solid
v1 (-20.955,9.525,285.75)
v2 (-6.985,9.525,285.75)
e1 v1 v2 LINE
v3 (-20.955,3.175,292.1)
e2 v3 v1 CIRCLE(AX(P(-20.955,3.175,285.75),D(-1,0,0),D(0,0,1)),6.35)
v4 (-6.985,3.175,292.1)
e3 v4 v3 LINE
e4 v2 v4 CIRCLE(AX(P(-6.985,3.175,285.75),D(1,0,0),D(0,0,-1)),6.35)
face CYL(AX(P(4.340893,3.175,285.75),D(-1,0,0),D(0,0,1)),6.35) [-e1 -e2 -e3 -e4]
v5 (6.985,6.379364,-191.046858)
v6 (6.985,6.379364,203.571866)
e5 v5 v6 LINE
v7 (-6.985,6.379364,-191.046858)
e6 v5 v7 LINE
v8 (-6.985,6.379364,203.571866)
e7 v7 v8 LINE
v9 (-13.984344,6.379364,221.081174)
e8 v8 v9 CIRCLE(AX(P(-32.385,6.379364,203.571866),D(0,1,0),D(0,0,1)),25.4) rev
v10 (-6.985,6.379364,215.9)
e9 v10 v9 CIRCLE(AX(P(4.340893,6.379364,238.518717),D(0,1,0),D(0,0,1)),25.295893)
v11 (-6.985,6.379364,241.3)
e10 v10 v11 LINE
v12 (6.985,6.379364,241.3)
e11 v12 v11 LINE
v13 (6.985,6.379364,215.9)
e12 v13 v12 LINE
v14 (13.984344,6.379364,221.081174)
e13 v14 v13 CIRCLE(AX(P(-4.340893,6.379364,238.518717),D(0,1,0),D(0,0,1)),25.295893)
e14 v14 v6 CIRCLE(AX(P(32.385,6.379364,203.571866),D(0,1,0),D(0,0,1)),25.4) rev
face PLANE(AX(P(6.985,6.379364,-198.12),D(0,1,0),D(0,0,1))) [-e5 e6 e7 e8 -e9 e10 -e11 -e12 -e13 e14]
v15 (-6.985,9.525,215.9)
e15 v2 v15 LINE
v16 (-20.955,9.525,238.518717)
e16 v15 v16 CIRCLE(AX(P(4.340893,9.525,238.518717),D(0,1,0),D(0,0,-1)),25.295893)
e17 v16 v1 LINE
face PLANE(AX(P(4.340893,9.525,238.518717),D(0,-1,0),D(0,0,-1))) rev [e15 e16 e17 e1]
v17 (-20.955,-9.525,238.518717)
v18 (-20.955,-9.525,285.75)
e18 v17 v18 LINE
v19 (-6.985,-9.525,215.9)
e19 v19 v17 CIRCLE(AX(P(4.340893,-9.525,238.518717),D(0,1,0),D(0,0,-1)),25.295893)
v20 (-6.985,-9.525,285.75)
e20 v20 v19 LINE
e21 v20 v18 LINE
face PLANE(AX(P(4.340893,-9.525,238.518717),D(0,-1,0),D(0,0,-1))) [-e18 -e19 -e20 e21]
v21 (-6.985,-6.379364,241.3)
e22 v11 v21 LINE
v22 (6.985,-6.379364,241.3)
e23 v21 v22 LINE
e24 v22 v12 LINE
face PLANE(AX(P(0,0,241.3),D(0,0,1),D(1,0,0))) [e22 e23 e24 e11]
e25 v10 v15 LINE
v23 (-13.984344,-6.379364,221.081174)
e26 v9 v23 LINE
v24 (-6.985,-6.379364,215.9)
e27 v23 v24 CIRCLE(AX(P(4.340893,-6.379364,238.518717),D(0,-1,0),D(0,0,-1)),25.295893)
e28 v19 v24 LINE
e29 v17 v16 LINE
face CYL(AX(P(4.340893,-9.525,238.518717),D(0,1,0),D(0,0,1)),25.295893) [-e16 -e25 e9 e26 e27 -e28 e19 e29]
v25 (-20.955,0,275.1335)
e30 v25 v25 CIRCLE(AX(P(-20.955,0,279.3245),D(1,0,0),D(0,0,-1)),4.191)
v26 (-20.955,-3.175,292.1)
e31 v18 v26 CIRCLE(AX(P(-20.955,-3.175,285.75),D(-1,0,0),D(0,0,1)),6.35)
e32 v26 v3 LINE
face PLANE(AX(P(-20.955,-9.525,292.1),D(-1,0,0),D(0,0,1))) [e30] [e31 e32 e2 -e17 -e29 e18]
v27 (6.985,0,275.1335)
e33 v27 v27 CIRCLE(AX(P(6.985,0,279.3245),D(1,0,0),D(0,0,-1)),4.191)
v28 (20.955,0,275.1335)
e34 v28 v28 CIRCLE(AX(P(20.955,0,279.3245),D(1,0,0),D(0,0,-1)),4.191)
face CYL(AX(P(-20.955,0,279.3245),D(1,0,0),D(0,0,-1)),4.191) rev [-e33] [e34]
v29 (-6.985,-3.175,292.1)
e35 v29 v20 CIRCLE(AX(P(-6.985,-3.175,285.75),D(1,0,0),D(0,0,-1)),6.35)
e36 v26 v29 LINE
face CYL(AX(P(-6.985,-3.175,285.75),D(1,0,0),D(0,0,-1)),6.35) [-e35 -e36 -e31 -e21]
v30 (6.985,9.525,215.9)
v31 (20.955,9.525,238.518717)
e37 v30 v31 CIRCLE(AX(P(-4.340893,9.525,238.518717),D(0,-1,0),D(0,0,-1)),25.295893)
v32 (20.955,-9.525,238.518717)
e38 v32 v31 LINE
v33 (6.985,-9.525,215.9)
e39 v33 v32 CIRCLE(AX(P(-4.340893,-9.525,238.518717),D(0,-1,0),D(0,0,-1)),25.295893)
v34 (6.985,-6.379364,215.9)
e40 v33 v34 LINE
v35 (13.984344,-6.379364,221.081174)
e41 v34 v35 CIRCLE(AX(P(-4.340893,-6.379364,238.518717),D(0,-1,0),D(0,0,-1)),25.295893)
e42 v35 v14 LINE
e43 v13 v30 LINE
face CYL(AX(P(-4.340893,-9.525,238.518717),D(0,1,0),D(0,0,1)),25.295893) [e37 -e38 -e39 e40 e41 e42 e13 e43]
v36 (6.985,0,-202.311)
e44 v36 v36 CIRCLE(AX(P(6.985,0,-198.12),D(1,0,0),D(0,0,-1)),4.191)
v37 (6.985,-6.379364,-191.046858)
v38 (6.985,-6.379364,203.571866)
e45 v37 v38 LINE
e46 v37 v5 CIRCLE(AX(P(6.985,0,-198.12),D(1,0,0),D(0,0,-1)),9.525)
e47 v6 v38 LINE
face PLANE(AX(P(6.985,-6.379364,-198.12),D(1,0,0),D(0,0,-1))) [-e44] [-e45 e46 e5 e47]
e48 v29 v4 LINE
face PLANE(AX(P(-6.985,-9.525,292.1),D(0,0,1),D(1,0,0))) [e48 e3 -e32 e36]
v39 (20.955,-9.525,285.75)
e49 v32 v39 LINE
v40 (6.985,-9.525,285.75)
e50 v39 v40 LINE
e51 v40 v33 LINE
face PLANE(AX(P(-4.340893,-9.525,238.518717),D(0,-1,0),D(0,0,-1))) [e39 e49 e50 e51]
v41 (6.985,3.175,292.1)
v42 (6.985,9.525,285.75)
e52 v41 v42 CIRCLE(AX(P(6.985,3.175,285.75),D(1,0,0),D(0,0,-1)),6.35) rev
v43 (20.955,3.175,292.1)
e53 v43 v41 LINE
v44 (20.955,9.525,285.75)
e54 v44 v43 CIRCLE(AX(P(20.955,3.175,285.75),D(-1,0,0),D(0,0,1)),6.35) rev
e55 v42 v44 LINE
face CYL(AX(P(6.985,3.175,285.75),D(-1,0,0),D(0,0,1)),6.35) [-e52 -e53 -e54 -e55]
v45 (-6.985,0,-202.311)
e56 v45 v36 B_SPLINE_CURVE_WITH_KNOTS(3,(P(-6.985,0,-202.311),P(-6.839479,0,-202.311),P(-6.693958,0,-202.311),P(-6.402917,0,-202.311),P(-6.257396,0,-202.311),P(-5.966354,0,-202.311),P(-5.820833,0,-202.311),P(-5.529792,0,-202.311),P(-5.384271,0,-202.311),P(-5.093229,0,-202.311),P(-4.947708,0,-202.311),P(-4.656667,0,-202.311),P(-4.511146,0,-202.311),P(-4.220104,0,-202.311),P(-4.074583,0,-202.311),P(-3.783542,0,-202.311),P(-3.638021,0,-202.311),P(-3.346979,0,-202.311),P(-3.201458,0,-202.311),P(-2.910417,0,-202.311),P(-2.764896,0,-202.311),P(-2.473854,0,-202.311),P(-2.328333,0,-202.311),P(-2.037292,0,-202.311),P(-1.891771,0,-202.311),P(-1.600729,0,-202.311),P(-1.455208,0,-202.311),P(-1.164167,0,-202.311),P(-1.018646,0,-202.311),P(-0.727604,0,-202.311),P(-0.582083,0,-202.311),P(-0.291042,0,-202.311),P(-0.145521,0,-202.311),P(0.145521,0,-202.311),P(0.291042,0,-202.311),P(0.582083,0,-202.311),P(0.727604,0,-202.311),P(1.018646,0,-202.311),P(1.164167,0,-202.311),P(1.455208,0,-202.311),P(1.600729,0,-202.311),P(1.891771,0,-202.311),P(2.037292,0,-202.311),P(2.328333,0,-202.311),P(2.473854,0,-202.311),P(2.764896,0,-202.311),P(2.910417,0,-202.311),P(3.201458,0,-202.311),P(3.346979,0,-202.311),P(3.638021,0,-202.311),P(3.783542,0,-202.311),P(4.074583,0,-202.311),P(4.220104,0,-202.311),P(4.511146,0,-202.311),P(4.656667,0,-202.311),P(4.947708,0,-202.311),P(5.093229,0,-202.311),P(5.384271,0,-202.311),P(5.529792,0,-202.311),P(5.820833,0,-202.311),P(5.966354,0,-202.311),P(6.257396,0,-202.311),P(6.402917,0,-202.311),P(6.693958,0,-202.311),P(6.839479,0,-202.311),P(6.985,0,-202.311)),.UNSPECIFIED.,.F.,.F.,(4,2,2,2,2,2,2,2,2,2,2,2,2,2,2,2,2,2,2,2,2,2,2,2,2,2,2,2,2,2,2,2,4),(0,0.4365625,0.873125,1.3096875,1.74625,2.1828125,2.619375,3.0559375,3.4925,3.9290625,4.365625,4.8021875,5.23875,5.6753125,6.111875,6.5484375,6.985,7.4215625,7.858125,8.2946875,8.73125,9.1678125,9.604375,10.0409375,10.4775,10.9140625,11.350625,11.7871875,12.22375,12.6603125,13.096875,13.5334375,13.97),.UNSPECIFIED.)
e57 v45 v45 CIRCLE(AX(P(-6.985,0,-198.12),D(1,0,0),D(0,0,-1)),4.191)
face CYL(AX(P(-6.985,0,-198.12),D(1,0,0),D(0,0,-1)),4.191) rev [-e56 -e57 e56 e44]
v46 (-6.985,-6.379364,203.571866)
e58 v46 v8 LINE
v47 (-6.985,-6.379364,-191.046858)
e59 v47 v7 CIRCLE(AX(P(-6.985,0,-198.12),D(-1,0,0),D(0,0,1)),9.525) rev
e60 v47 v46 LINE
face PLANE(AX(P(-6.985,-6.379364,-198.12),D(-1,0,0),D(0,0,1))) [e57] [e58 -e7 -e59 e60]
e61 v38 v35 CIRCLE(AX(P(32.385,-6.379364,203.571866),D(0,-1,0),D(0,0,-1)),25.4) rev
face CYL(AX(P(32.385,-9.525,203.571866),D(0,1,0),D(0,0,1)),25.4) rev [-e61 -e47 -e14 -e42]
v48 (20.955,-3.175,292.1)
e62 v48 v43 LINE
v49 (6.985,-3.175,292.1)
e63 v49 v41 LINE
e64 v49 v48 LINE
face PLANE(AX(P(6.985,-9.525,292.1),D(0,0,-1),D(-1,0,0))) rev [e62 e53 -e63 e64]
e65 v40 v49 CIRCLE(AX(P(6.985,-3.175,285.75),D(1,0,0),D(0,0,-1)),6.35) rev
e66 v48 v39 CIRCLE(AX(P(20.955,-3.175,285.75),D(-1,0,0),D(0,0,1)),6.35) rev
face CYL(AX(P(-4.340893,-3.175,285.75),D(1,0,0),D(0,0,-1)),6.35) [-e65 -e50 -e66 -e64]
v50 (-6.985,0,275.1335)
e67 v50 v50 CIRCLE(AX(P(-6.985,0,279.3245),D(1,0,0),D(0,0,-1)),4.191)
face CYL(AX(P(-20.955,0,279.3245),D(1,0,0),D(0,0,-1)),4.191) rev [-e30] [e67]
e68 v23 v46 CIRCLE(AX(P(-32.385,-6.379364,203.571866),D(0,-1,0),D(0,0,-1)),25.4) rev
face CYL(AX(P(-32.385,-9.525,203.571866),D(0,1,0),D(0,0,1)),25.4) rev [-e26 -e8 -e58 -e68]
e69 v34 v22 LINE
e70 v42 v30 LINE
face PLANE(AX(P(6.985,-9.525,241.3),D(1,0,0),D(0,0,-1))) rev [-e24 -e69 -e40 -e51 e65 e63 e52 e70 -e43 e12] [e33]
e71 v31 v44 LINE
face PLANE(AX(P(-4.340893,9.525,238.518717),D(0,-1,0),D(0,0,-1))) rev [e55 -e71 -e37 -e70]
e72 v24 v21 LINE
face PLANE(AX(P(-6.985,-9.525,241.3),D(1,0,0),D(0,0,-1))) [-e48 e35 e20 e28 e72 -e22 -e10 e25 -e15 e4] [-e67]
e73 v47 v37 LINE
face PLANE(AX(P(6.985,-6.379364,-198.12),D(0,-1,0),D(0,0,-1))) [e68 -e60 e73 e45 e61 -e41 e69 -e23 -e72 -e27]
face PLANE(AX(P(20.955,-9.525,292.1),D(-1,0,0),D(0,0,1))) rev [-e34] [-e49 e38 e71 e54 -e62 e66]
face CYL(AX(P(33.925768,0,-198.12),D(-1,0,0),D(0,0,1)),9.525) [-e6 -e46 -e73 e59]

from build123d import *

# Parameters (mm, degrees)
BOSS_EXTRUDE1_DEPTH             = 241.3
BOSS_EXTRUDE1_DEPTH_BACK        = 198.12
SKETCH1_W                       = 13.97
SKETCH1_H                       = 12.758728324
BOSS_EXTRUDE2_REACH             = 243.485
SKETCH2_R                       = 9.525
BOSS_EXTRUDE2_DIRECTION_2_REACH = 243.485
SKETCH3_R                       = 4.191
CUT_EXTRUDE1_DEPTH              = 242.891662785
BOSS_EXTRUDE3_DEPTH             = 9.525
FILLET4_R                       = 25.4
FILLET5_R                       = 6.35
CUT_EXTRUDE2_DEPTH              = 294.005542012
CUT_EXTRUDE2_DEPTH_BACK         = 294.005542012
SKETCH6_R                       = 4.191


with BuildPart() as part:
    # Sketch1 → Boss-Extrude1 (new, two sides: drawn at the far end of the back side and taken through both)
    with BuildSketch(Plane.XY.offset(-BOSS_EXTRUDE1_DEPTH_BACK)):
        Rectangle(SKETCH1_W, SKETCH1_H)
    extrude(amount=BOSS_EXTRUDE1_DEPTH + BOSS_EXTRUDE1_DEPTH_BACK)

    # Boss-Extrude2: up to this face of the body (flat: up to its plane)
    boss_extrude2_end = Plane(part.part.faces().sort_by_distance((6.985, 0, 21.59))[0])
    # Sketch2 → Boss-Extrude2 (add, up to the picked face)
    with BuildSketch(Plane(origin=(0, 0, 0), x_dir=(0, 0, -1), z_dir=(1, 0, 0)), mode=Mode.PRIVATE) as boss_extrude2_sk1:
        with Locations((198.12, 0)):
            Circle(SKETCH2_R)
    boss_extrude2_tool1 = split(extrude(boss_extrude2_sk1.sketch, amount=BOSS_EXTRUDE2_REACH, mode=Mode.PRIVATE), bisect_by=boss_extrude2_end, keep=Keep.BOTH, mode=Mode.PRIVATE)
    add(boss_extrude2_tool1.solids().sort_by(Axis((0, 0, -198.12), (1, 0, 0)))[0])

    # Boss-Extrude2 direction 2: up to this face of the body (flat: up to its plane)
    boss_extrude2_direction_2_end = Plane(part.part.faces().sort_by_distance((-6.985, 0, 21.59))[0])
    # Sketch2 → Boss-Extrude2 direction 2 (add, up to the picked face)
    with BuildSketch(Plane(origin=(0, 0, 0), x_dir=(0, 0, -1), z_dir=(1, 0, 0)), mode=Mode.PRIVATE) as boss_extrude2_direction_2_sk1:
        with Locations((198.12, 0)):
            Circle(SKETCH2_R)
    boss_extrude2_direction_2_tool1 = split(extrude(boss_extrude2_direction_2_sk1.sketch, amount=-BOSS_EXTRUDE2_DIRECTION_2_REACH, mode=Mode.PRIVATE), bisect_by=boss_extrude2_direction_2_end, keep=Keep.BOTH, mode=Mode.PRIVATE)
    add(boss_extrude2_direction_2_tool1.solids().sort_by(Axis((0, 0, -198.12), (-1, 0, 0)))[0])

    # Sketch3 → Cut-Extrude1 (cut, through all)
    with BuildSketch(Plane(origin=(6.985, 0, 0), x_dir=(0, 0, -1), z_dir=(1, 0, 0))):
        with Locations((198.12, 0)):
            Circle(SKETCH3_R)
    extrude(amount=-CUT_EXTRUDE1_DEPTH, mode=Mode.SUBTRACT)

    # Sketch4 → Boss-Extrude3 (add, symmetric)
    with BuildSketch(Plane(origin=(0, 0, 0), x_dir=(1, 0, 0), z_dir=(0, 1, 0))):
        with BuildLine():
            Line((-6.985, -241.3), (-6.985, -292.1))
            Line((-6.985, -292.1), (-20.955, -292.1))
            Line((-20.955, -292.1), (-20.955, -238.518716551))
            ThreePointArc((-20.955, -238.518716551), (-17.180965419, -225.226169406), (-6.985, -215.9))
            Line((-6.985, -215.9), (-6.985, -241.3))
        make_face()
    boss_extrude3 = extrude(amount=BOSS_EXTRUDE3_DEPTH, both=True)

    # Mirror1: Boss-Extrude3 across plane
    add(boss_extrude3.mirror(Plane(origin=(0, 0, 0), x_dir=(0, 0, 1), z_dir=(1, 0, 0))))

    # Fillet4
    fillet4_edges = [part.edges().sort_by_distance(p)[0] for p in [
        (-6.985, 0, 215.9),
        (6.985, 0, 215.9),
    ]]
    fillet(fillet4_edges, radius=FILLET4_R)

    # Fillet5
    fillet5_edges = [part.edges().sort_by_distance(p)[0] for p in [
        (-13.97, -9.525, 292.1),
        (-13.97, 9.525, 292.1),
        (13.97, 9.525, 292.1),
        (13.97, -9.525, 292.1),
    ]]
    fillet(fillet5_edges, radius=FILLET5_R)

    # Sketch6 → Cut-Extrude2 (cut, two sides: drawn at the far end of the back side and taken through both)
    with BuildSketch(Plane(origin=(0, 0, 0), x_dir=(0, 0, -1), z_dir=(1, 0, 0)).offset(-CUT_EXTRUDE2_DEPTH_BACK)):
        with Locations((-279.32450026, 0)):
            Circle(SKETCH6_R)
    extrude(amount=CUT_EXTRUDE2_DEPTH + CUT_EXTRUDE2_DEPTH_BACK, mode=Mode.SUBTRACT)


solid = part.part
